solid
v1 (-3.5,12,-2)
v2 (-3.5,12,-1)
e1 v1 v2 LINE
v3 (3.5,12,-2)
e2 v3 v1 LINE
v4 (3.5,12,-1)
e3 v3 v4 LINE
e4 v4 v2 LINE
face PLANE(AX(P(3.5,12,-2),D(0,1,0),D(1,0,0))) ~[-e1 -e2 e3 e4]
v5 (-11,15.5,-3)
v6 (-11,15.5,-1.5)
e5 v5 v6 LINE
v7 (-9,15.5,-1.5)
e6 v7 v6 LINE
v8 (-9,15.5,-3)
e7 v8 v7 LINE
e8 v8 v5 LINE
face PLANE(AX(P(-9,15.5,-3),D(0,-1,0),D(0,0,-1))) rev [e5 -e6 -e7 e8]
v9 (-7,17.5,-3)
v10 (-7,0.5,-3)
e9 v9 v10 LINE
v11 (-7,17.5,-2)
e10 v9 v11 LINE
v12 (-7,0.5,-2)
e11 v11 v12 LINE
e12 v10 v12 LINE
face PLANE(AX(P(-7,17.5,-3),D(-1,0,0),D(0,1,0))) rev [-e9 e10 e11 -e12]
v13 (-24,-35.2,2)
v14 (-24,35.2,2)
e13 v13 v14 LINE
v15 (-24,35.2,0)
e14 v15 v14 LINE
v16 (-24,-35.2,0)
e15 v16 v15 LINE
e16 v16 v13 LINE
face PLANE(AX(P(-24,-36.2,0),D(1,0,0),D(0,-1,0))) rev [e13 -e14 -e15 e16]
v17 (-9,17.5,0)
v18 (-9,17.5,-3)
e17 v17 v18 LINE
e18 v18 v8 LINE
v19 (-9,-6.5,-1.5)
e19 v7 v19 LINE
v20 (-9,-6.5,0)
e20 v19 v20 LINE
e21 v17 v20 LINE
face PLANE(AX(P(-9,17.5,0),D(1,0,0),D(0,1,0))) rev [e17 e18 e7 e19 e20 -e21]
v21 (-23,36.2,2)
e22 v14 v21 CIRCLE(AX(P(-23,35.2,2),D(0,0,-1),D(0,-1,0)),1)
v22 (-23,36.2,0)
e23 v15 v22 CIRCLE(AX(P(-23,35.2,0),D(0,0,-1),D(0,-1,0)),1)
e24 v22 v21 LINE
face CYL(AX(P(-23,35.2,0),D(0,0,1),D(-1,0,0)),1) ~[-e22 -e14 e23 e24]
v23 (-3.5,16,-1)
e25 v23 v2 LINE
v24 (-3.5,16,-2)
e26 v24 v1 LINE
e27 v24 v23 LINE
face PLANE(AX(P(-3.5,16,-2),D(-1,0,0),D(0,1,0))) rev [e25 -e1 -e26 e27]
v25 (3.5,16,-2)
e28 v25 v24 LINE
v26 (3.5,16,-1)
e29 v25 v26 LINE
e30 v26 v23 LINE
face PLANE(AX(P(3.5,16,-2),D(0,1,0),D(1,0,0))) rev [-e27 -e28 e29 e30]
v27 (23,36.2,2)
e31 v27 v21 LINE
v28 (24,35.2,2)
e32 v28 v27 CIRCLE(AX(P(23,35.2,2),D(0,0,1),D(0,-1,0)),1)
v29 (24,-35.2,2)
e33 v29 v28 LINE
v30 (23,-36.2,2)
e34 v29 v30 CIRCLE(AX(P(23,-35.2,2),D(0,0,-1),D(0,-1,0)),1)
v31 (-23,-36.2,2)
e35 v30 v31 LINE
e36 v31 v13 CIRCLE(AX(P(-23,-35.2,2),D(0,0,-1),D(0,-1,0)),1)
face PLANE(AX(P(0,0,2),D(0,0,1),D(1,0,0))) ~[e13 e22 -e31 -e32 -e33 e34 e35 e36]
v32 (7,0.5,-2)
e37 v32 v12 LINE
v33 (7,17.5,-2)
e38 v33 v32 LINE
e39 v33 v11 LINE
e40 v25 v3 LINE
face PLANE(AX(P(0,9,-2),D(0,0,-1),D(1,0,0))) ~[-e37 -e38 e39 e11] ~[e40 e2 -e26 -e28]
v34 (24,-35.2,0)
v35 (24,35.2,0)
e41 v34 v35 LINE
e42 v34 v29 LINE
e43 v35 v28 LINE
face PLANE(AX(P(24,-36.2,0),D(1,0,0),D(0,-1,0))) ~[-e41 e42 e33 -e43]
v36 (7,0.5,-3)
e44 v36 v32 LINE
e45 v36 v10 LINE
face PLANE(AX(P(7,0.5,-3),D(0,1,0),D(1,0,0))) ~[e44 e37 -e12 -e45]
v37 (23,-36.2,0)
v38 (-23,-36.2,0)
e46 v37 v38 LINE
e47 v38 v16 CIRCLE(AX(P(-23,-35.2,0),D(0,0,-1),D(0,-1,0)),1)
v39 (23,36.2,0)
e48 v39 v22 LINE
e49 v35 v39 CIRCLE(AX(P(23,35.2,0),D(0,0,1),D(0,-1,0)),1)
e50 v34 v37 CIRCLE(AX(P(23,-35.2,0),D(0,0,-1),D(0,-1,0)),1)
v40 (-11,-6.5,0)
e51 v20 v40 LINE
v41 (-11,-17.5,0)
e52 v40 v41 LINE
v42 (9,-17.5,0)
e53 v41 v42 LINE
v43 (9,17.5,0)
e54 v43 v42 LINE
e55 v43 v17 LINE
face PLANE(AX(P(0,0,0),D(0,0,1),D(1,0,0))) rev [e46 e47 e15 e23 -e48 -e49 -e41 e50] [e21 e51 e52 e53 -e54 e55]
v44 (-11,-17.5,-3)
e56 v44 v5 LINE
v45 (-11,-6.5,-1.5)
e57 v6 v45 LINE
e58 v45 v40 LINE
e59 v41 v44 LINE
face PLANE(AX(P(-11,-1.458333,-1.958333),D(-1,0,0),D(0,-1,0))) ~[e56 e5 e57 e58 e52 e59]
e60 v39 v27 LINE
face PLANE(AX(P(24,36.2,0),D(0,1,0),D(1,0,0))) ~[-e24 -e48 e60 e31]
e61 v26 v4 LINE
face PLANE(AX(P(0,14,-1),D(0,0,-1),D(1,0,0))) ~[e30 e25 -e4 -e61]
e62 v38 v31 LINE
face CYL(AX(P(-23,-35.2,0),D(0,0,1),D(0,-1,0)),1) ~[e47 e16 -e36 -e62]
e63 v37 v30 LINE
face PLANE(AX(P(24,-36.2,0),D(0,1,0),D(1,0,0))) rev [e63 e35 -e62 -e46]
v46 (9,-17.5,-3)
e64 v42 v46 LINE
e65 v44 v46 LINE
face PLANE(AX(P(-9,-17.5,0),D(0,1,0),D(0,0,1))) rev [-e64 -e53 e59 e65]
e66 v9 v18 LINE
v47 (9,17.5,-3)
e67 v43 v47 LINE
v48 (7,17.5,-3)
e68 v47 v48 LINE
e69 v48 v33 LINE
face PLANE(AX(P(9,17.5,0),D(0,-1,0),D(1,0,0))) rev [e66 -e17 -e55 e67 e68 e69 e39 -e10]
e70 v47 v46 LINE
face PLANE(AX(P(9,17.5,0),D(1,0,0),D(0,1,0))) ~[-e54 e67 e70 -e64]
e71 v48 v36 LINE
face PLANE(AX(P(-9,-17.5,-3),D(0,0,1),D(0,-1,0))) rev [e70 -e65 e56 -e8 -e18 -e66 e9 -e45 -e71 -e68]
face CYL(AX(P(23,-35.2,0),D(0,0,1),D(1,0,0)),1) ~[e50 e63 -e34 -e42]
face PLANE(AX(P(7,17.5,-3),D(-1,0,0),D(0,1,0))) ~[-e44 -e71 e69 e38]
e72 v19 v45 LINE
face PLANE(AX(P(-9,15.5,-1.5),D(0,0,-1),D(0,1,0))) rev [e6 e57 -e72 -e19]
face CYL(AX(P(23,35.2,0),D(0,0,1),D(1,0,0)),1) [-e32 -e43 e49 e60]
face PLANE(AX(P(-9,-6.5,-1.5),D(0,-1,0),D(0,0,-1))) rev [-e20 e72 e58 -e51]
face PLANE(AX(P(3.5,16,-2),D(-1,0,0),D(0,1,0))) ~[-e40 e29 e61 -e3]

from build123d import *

# Parameters (mm, degrees)
SKETCH_W        = 48
SKETCH_H        = 72.4
PAD_DEPTH       = 2
FILLET_R        = 1
SKETCH001_W     = 18
SKETCH001_H     = 35
PAD001_DEPTH    = 3
SKETCH002_W     = 14
SKETCH002_H     = 17
POCKET_DEPTH    = 1
SKETCH003_W     = 7
SKETCH003_H     = 4
POCKET001_DEPTH = 1
PAD002_DEPTH    = 2


with BuildPart() as ailettes:
    # Sketch → Pad (new body)
    with BuildSketch(Plane.XY):
        Rectangle(SKETCH_W, SKETCH_H)
    extrude(amount=PAD_DEPTH)

    # Fillet
    fillet_edges = [ailettes.edges().sort_by_distance(p)[0] for p in [
        (-24, 36.2, 1),
        (24, 36.2, 1),
        (24, -36.2, 1),
        (-24, -36.2, 1),
    ]]
    fillet(fillet_edges, radius=FILLET_R)

    # Sketch001 → Pad001 (new body)
    with BuildSketch(Plane(origin=(0, 0, 0), x_dir=(1, 0, 0), z_dir=(0, 0, -1))):
        Rectangle(SKETCH001_W, SKETCH001_H)
    extrude(amount=PAD001_DEPTH)

    # Sketch002 → Pocket (cut)
    with BuildSketch(Plane(origin=(0, 0, -3), x_dir=(1, 0, 0), z_dir=(0, 0, -1))):
        with Locations((0, -9)):
            Rectangle(SKETCH002_W, SKETCH002_H)
    extrude(amount=-POCKET_DEPTH, mode=Mode.SUBTRACT)

    # Sketch003 → Pocket001 (cut)
    with BuildSketch(Plane(origin=(0, 0, -2), x_dir=(1, 0, 0), z_dir=(0, 0, -1))):
        with Locations((0, -14)):
            Rectangle(SKETCH003_W, SKETCH003_H)
    extrude(amount=-POCKET001_DEPTH, mode=Mode.SUBTRACT)

    # Sketch004 → Pad002 (new body)
    with BuildSketch(Plane.YZ.offset(9)):
        Polygon((15.5, -3), (15.5, -1.5), (-6.5, -1.5), (-6.5, 0), (-17.5, 0), (-17.5, -3), align=None)
    extrude(amount=PAD002_DEPTH)


with BuildPart() as part_mirroring:
    # Part__Mirroring: instance of Ailettes
    add(ailettes.part.mirror(Plane(origin=(0, 0, 0), x_dir=(0, -1, 0), z_dir=(1, 0, 0))))


solid = part_mirroring.part
